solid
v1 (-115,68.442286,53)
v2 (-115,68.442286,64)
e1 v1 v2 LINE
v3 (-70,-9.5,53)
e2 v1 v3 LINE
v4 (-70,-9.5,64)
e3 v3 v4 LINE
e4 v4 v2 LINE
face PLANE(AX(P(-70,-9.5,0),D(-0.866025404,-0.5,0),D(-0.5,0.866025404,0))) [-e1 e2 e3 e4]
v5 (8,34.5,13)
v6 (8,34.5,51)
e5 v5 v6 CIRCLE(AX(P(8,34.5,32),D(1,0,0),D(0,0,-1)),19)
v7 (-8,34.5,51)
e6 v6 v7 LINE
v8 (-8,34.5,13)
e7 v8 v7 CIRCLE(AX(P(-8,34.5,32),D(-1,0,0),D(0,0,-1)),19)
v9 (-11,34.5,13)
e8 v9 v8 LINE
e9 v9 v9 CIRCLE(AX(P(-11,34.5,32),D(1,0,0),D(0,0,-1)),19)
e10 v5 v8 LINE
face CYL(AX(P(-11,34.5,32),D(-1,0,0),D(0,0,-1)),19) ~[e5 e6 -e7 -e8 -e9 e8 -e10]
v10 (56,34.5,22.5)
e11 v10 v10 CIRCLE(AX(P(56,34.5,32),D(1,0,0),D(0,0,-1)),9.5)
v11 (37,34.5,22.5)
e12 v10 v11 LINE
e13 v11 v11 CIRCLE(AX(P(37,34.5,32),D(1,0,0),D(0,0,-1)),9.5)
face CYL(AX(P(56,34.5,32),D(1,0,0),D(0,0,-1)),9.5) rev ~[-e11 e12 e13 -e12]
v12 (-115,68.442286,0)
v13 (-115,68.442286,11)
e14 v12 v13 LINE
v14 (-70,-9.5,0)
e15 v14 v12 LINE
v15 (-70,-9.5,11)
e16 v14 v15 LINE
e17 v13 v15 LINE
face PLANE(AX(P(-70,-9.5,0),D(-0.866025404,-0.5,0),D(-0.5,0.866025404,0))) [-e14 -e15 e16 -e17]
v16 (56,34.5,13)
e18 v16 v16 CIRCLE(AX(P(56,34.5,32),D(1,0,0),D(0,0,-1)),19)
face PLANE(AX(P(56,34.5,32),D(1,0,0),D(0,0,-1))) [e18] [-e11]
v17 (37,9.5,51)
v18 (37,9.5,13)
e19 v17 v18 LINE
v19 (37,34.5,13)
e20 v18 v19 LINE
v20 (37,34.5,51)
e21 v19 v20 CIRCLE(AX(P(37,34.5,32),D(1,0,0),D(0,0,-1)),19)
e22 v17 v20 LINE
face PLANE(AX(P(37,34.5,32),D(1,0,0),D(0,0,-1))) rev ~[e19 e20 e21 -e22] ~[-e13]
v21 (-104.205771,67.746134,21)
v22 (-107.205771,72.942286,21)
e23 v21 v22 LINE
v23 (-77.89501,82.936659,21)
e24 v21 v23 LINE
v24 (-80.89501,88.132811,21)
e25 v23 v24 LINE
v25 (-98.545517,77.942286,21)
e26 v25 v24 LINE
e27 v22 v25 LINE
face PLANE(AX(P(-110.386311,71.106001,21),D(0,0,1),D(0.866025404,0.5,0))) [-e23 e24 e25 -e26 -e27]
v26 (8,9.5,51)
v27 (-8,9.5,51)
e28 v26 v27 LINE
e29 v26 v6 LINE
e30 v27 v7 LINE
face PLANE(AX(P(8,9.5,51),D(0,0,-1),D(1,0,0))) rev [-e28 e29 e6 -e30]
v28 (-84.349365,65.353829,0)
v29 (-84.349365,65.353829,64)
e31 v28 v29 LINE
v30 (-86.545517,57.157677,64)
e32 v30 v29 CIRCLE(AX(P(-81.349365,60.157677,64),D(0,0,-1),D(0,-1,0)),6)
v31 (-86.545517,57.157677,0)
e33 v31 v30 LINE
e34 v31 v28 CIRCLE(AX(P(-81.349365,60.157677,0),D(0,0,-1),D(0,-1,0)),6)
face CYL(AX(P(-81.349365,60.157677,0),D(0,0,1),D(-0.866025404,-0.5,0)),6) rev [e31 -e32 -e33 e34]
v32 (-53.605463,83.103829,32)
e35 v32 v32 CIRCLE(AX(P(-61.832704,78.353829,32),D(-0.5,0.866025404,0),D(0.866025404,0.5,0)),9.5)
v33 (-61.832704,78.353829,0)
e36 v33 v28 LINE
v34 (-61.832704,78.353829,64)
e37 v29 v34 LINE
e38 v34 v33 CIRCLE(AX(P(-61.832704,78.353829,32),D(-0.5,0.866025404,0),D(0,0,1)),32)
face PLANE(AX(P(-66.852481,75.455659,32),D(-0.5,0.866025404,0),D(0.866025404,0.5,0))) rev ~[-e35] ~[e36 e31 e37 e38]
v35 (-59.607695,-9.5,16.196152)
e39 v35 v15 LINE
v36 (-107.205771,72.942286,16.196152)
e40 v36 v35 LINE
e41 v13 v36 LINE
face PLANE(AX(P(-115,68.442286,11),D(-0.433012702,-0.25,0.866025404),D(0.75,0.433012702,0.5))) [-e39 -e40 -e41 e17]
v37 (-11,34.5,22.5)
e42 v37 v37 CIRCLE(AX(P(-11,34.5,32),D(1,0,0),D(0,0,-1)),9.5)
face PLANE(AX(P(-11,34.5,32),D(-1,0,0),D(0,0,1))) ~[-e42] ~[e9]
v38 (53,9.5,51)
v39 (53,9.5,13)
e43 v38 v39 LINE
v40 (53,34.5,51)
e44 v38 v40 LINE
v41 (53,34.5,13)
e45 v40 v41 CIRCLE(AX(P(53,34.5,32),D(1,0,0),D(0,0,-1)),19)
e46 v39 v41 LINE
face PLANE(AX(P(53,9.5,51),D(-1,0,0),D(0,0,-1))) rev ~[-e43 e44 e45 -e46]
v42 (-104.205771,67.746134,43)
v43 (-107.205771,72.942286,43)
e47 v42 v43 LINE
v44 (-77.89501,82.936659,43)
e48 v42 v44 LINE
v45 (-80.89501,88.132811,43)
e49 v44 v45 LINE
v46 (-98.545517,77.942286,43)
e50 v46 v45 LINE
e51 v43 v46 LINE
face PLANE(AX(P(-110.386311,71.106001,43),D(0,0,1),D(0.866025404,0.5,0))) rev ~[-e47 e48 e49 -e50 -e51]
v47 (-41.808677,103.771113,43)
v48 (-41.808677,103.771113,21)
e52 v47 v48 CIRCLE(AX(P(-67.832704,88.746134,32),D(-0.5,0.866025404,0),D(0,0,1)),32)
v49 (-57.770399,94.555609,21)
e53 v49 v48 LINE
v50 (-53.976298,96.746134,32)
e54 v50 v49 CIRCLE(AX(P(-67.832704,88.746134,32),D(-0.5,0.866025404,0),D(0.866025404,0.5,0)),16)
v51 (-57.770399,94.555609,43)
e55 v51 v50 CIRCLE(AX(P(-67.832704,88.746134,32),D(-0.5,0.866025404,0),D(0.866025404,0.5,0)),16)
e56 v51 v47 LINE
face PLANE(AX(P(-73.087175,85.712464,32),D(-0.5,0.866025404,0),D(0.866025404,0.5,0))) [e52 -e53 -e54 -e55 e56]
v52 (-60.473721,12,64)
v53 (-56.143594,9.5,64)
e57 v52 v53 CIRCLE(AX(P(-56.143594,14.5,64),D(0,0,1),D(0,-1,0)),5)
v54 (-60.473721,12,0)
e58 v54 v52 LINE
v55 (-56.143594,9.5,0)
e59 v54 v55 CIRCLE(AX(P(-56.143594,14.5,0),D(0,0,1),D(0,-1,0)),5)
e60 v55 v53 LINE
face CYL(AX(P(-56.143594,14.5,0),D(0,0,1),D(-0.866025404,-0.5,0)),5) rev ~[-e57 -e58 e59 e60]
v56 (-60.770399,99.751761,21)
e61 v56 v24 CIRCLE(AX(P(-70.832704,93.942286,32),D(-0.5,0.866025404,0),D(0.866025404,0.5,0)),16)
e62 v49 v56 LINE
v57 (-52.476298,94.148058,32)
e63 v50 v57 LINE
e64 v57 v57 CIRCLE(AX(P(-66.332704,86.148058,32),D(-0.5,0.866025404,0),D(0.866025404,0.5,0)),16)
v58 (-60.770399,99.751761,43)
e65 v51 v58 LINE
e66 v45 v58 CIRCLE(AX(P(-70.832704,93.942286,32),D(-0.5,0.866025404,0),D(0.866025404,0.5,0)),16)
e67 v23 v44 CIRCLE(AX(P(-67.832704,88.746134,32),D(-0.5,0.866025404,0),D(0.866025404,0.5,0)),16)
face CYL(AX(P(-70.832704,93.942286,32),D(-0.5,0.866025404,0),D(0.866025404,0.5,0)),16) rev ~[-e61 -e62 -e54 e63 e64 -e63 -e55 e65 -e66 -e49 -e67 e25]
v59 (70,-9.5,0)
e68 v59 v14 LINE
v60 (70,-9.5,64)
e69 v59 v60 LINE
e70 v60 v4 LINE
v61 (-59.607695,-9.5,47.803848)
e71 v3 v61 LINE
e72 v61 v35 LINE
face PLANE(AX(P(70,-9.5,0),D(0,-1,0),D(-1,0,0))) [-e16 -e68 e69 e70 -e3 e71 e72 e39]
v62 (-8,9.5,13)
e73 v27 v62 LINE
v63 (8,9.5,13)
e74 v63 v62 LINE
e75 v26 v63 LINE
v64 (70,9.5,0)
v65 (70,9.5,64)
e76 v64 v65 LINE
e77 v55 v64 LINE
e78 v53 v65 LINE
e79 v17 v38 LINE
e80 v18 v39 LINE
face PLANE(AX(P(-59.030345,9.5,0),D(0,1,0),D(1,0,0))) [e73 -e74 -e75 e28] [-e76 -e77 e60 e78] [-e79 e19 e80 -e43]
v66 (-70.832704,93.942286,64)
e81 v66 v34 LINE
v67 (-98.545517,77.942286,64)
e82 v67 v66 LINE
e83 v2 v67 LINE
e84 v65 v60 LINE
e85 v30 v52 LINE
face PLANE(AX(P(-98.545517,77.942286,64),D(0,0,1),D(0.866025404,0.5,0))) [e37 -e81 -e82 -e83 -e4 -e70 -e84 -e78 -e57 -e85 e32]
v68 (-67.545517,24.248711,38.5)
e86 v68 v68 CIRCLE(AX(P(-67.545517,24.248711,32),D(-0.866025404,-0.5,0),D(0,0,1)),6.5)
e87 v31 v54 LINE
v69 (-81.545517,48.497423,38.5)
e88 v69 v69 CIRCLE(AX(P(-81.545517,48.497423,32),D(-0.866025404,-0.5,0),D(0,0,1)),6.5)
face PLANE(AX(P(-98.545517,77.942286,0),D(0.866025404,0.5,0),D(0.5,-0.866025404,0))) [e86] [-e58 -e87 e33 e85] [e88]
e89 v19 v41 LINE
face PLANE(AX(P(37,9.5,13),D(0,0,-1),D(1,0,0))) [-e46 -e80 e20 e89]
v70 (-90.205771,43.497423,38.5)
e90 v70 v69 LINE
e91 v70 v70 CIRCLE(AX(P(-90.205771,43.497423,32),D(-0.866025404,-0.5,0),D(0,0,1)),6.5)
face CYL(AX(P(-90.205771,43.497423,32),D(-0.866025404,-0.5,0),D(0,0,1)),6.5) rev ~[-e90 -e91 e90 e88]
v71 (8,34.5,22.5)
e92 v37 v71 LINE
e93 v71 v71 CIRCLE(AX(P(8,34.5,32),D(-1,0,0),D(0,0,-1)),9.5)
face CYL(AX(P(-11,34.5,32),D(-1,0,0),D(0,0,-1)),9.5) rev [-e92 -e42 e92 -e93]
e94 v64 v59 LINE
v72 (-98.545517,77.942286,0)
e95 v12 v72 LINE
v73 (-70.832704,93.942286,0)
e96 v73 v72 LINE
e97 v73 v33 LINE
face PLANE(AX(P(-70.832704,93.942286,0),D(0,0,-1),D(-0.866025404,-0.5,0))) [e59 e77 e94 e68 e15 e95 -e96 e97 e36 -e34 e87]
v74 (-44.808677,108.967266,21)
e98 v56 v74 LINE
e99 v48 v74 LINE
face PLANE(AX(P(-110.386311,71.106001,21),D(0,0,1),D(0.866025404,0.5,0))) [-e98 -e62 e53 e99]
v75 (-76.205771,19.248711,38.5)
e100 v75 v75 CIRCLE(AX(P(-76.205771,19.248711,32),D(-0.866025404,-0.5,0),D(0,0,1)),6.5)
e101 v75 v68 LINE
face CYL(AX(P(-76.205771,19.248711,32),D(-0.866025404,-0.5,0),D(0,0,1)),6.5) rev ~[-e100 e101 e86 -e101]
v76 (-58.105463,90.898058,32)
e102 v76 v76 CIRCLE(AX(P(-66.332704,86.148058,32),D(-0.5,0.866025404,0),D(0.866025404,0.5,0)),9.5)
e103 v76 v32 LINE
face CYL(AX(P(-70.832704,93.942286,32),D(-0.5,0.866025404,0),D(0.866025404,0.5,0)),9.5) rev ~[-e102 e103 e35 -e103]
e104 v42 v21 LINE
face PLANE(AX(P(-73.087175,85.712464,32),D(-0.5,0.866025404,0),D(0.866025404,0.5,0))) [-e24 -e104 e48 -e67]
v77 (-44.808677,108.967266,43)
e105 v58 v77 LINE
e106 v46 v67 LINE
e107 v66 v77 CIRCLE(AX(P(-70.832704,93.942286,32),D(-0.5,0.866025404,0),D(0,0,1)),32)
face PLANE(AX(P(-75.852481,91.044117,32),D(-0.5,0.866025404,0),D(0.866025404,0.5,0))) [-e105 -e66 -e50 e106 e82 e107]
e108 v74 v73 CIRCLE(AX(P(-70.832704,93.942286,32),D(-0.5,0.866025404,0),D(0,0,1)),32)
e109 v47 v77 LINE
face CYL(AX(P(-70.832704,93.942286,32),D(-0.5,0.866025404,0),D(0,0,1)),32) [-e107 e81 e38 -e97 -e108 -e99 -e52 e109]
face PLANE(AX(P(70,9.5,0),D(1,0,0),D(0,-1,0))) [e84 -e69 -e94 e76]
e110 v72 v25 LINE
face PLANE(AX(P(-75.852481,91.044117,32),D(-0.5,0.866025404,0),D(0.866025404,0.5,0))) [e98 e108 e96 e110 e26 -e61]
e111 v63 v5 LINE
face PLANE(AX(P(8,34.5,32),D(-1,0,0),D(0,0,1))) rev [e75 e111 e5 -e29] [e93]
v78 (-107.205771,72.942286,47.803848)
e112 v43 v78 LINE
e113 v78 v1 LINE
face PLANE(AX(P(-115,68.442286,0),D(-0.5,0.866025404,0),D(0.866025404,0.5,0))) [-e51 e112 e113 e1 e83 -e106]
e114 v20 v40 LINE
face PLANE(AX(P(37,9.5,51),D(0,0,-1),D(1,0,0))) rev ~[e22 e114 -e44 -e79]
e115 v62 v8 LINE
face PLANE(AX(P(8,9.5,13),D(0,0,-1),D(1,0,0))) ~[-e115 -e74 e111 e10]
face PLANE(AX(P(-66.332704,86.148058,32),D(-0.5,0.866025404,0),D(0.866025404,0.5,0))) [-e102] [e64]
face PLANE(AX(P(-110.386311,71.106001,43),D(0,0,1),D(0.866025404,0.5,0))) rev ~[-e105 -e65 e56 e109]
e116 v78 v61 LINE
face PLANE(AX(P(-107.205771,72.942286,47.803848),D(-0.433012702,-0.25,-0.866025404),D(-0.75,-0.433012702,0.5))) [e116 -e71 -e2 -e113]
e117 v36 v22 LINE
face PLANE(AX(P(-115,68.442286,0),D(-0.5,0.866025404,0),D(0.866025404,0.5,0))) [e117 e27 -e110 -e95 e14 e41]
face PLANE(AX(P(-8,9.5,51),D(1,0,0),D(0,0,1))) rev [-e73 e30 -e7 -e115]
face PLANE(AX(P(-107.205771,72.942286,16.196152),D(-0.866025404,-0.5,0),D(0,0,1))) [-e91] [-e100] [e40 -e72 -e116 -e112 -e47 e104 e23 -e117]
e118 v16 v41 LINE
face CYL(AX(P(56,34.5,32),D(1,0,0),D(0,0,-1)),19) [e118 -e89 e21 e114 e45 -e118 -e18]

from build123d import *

# Parameters (mm, degrees)
BOSS_EXTRUDE1_DEPTH = 64
SKETCH2_R           = 9.5
BOSS_EXTRUDE3_DEPTH = 18
CUT_EXTRUDE1_DEPTH  = 128
SKETCH4_W           = 79.210461268
SKETCH4_H           = 22
CUT_EXTRUDE2_DEPTH  = 6
SKETCH5_R           = 16
CUT_EXTRUDE4_DEPTH  = 9
SKETCH6_R           = 6.5
CUT_EXTRUDE6_DEPTH  = 10
FILLET1_R           = 5
FILLET2_R           = 6
SKETCH7_W           = 16
SKETCH7_H           = 38
BOSS_EXTRUDE4_DEPTH = 25
SKETCH8_R           = 19
SKETCH8_R_2         = 9.5
BOSS_EXTRUDE5_DEPTH = 19
SKETCH9_R           = 9.5
CUT_EXTRUDE7_DEPTH  = 19
SKETCH11_R          = 9.5
CUT_EXTRUDE8_DEPTH  = 19


with BuildPart() as part:
    # Sketch1 → Boss-Extrude1 (new body)
    with BuildSketch(Plane.XY):
        Polygon((-70, -9.5), (-115, 68.442286341), (-98.545517328, 77.942286341), (-59.030344885, 9.5), (70, 9.5), (70, -9.5), align=None)
    extrude(amount=BOSS_EXTRUDE1_DEPTH)

    # Sketch2 → Boss-Extrude3 (add)
    with BuildSketch(Plane(origin=(-58.386379332, 101.128175473, 0), x_dir=(0.866025404, 0.5, 0), z_dir=(-0.5, 0.866025404, 0))):
        with BuildLine():
            Line((-46.371778265, 0), (-46.371778265, -64))
            Line((-46.371778265, -64), (-14.371778265, -64))
            ThreePointArc((-14.371778265, -64), (17.628221735, -32), (-14.371778265, 0))
            Line((-14.371778265, 0), (-46.371778265, 0))
        make_face()
        with Locations((-14.371778265, -32)):
            Circle(SKETCH2_R, mode=Mode.SUBTRACT)
    extrude(amount=-BOSS_EXTRUDE3_DEPTH)

    # Sketch3 → Cut-Extrude1 (cut)
    with BuildSketch(Plane(origin=(-58.386379332, 101.128175473, 0), x_dir=(0.866025404, 0.5, 0), z_dir=(-0.5, 0.866025404, 0))):
        Polygon((-56.371778265, -16.196152423), (-56.371778265, -47.803847577), (-65.371778265, -53), (-65.371778265, -11), align=None)
    extrude(amount=-CUT_EXTRUDE1_DEPTH, mode=Mode.SUBTRACT)

    # Sketch4 → Cut-Extrude2 (cut)
    with BuildSketch(Plane(origin=(-58.386379332, 101.128175473, 0), x_dir=(0.866025404, 0.5, 0), z_dir=(-0.5, 0.866025404, 0))):
        with Locations((-20.439118131, -32)):
            Rectangle(SKETCH4_W, SKETCH4_H)
    extrude(amount=-CUT_EXTRUDE2_DEPTH, mode=Mode.SUBTRACT)

    # Sketch5 → Cut-Extrude4 (cut)
    with BuildSketch(Plane(origin=(-58.386379332, 101.128175473, 0), x_dir=(0.866025404, 0.5, 0), z_dir=(-0.5, 0.866025404, 0))):
        with Locations((-14.371778265, -32)):
            Circle(SKETCH5_R)
    extrude(amount=-CUT_EXTRUDE4_DEPTH, mode=Mode.SUBTRACT)

    # Sketch6 → Cut-Extrude6 (cut)
    with BuildSketch(Plane(origin=(-48.819392034, -28.185889132, 0), x_dir=(0, 0, 1), z_dir=(-0.866025404, -0.5, 0))):
        with Locations((32, 82.772758664)):
            Circle(SKETCH6_R)
        with Locations((32, 54.772758664)):
            Circle(SKETCH6_R)
    extrude(amount=-CUT_EXTRUDE6_DEPTH, mode=Mode.SUBTRACT)

    # Fillet1
    fillet1_edges = [part.edges().sort_by_distance(p)[0] for p in [
        (-59.030344885, 9.5, 32),
    ]]
    fillet(fillet1_edges, radius=FILLET1_R)

    # Fillet2
    fillet2_edges = [part.edges().sort_by_distance(p)[0] for p in [
        (-89.545517328, 62.353829072, 32),
    ]]
    fillet(fillet2_edges, radius=FILLET2_R)

    # Sketch7 → Boss-Extrude4 (add)
    with BuildSketch(Plane(origin=(0, 9.5, 0), x_dir=(1, 0, 0), z_dir=(0, 1, 0))):
        with Locations((45, -32)):
            Rectangle(SKETCH7_W, SKETCH7_H)
    boss_extrude4 = extrude(amount=BOSS_EXTRUDE4_DEPTH)

    # Sketch8 → Boss-Extrude5 (add)
    with BuildSketch(Plane(origin=(56, 0, 0), x_dir=(0, 0, -1), z_dir=(1, 0, 0))):
        with Locations((-32, 34.5)):
            Circle(SKETCH8_R)
        with Locations((-32, 34.5)):
            Circle(SKETCH8_R_2, mode=Mode.SUBTRACT)
    boss_extrude5 = extrude(amount=-BOSS_EXTRUDE5_DEPTH)

    # Sketch9 → Cut-Extrude7 (cut)
    with BuildSketch(Plane(origin=(56, 0, 0), x_dir=(0, 0, -1), z_dir=(1, 0, 0))):
        with Locations((-32, 34.5)):
            Circle(SKETCH9_R)
    extrude(amount=-CUT_EXTRUDE7_DEPTH, mode=Mode.SUBTRACT)

    # Mirror1: Boss-Extrude4, Boss-Extrude5 across plane
    add(boss_extrude4.mirror(Plane(origin=(22.5, 0, 0), x_dir=(0, 0, 1), z_dir=(1, 0, 0))))
    add(boss_extrude5.mirror(Plane(origin=(22.5, 0, 0), x_dir=(0, 0, 1), z_dir=(1, 0, 0))))

    # Sketch11 → Cut-Extrude8 (cut)
    with BuildSketch(Plane.ZY.offset(11)):
        with Locations((32, 34.5)):
            Circle(SKETCH11_R)
    extrude(amount=-CUT_EXTRUDE8_DEPTH, mode=Mode.SUBTRACT)


solid = part.part
